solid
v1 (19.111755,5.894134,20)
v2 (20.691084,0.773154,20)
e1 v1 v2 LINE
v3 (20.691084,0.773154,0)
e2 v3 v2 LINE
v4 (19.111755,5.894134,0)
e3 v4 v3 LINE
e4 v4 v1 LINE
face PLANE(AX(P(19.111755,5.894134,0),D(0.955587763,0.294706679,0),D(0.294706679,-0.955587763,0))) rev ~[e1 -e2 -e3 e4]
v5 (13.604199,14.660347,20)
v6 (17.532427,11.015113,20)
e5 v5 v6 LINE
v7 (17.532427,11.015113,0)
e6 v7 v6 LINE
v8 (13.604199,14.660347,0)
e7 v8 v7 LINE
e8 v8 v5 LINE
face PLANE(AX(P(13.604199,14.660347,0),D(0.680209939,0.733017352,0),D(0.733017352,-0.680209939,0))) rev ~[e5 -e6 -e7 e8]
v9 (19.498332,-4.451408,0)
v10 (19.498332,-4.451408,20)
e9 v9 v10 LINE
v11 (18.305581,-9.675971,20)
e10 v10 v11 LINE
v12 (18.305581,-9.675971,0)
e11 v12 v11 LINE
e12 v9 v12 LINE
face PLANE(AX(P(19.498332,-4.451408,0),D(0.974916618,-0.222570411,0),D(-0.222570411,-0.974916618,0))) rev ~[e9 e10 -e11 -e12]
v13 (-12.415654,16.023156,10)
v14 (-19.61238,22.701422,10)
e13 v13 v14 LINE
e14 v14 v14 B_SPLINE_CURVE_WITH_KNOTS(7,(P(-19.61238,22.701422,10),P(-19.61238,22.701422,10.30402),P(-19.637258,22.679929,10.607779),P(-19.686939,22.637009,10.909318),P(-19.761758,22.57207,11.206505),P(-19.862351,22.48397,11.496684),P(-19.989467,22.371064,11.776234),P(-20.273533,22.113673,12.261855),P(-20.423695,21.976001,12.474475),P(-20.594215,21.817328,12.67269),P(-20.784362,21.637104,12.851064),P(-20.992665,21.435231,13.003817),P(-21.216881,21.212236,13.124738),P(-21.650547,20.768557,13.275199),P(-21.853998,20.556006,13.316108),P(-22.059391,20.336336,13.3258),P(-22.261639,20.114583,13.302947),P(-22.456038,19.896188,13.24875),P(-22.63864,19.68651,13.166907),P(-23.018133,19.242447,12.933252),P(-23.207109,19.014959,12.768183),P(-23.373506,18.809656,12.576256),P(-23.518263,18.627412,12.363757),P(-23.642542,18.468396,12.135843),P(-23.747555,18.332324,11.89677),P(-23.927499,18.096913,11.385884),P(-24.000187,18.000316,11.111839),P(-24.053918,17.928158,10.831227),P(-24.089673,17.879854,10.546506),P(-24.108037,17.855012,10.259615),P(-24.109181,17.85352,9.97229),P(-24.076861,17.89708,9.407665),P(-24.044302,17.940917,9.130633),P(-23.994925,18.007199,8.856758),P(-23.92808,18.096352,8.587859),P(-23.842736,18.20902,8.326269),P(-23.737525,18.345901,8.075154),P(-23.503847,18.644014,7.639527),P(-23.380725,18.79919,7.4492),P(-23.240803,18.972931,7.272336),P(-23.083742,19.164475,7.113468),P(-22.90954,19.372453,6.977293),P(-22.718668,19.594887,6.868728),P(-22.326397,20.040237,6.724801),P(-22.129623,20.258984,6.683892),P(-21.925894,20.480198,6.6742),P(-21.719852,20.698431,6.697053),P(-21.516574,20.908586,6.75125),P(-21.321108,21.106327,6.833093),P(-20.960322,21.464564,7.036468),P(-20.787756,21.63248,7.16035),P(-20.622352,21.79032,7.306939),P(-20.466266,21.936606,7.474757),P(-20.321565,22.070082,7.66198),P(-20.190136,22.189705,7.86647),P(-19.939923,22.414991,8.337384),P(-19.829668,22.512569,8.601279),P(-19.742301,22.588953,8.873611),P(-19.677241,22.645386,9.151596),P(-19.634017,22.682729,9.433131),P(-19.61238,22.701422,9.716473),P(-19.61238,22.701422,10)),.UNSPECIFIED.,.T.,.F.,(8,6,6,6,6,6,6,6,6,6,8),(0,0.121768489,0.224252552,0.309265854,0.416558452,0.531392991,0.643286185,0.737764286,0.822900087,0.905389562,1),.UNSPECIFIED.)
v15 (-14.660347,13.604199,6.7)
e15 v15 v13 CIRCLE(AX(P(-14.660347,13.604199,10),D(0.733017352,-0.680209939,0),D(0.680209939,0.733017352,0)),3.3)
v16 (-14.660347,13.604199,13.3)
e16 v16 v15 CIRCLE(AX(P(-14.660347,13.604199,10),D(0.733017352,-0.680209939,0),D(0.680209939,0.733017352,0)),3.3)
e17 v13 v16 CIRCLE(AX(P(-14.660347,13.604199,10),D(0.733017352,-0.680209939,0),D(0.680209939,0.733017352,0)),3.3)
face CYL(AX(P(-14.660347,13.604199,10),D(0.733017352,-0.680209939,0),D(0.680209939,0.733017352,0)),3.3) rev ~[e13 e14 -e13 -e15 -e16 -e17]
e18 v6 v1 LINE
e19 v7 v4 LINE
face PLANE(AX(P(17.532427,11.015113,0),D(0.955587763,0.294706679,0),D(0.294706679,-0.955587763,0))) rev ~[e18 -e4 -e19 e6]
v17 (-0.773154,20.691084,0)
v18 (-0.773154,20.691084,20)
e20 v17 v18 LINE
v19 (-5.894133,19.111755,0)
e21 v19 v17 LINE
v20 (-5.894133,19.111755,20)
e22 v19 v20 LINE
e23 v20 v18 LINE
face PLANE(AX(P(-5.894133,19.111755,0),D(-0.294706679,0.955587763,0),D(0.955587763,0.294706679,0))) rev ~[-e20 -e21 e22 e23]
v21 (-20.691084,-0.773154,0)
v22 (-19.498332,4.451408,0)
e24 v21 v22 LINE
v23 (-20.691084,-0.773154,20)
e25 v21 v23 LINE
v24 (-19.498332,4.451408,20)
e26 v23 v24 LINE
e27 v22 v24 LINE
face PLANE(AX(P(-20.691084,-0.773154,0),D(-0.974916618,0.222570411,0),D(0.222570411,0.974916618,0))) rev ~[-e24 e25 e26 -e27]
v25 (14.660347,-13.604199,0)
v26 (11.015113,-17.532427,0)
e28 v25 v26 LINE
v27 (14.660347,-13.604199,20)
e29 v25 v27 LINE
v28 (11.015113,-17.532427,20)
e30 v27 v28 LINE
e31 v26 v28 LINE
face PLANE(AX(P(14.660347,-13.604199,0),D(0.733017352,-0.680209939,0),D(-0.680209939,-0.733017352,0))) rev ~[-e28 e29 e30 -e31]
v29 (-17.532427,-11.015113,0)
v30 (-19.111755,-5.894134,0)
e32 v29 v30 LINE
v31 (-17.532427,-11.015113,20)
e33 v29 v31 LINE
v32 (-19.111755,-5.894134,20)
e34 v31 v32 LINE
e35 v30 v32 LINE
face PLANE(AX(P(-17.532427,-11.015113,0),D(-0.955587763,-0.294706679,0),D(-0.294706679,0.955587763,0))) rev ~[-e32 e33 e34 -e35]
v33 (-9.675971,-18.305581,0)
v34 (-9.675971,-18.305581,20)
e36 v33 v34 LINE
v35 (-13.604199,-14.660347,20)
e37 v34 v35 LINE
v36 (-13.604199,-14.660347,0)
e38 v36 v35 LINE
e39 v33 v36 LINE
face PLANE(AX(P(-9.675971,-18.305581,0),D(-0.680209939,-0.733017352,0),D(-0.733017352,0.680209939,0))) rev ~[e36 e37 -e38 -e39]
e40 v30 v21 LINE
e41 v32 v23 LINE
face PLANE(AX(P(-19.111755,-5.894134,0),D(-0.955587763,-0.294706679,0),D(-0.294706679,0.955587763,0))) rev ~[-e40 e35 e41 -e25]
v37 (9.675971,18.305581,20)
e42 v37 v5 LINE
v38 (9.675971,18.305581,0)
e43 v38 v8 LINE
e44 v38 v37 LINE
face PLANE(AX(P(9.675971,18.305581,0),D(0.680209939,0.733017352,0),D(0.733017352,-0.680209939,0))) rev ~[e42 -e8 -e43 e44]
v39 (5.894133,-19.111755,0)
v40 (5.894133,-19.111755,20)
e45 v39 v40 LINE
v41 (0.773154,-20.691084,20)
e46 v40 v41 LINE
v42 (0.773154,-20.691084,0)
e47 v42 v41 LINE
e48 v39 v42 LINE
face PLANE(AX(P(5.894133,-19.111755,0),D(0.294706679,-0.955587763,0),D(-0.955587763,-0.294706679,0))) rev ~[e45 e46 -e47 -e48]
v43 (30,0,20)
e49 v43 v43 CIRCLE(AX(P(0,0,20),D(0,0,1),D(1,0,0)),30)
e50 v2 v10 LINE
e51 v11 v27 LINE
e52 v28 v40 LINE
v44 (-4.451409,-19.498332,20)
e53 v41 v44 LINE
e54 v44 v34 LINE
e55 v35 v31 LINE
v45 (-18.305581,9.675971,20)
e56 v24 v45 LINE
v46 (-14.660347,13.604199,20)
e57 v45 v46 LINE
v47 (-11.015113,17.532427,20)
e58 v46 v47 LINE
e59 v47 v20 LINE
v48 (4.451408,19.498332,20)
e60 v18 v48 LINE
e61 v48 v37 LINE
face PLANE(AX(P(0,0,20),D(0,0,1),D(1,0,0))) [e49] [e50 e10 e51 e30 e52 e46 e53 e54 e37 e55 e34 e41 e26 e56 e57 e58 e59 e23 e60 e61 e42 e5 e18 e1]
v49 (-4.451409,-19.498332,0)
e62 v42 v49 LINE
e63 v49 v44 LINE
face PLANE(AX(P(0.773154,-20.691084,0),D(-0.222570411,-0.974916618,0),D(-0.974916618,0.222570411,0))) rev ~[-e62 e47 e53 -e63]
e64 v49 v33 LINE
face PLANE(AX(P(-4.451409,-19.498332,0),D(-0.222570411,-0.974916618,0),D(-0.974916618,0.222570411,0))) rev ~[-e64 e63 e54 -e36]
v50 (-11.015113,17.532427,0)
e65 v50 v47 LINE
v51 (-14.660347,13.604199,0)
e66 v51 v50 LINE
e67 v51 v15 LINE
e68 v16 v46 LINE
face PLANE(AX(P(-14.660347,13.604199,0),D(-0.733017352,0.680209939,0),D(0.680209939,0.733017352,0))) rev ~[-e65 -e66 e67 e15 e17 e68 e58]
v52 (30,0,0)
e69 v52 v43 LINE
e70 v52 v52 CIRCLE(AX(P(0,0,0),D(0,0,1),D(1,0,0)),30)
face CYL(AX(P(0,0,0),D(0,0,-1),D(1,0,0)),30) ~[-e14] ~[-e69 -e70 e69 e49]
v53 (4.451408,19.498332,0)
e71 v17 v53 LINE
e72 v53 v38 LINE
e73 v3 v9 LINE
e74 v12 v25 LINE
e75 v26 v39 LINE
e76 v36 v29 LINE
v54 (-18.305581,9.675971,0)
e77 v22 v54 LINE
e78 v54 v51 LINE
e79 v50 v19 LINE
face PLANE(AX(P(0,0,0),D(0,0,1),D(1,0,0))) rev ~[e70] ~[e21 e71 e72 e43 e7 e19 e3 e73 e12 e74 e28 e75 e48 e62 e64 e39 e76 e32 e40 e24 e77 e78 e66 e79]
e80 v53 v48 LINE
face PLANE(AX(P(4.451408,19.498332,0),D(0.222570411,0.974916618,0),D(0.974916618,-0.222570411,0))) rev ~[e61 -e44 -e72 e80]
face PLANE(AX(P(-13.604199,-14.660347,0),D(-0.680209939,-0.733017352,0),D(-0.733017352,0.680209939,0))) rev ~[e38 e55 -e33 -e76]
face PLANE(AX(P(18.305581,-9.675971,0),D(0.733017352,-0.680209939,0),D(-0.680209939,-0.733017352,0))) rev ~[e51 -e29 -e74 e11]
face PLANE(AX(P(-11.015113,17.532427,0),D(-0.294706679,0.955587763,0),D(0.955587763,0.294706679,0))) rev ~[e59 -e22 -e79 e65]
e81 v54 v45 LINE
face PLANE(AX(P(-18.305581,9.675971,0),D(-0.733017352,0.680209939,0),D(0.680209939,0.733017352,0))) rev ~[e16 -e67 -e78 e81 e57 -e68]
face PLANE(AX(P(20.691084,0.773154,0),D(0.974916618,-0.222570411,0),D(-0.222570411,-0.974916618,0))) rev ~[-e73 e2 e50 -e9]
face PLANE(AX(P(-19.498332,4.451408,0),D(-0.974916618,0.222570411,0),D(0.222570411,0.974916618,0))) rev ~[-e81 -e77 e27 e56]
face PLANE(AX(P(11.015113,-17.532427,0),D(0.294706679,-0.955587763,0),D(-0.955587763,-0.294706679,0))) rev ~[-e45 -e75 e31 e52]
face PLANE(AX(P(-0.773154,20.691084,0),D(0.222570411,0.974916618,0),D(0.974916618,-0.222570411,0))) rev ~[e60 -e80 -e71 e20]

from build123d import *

# Parameters (mm, degrees)
F0_R     = 30
F1_DEPTH = 20
F3_D     = 6.6
F3_DEPTH = 20
F3_TIP   = 1.9828400428


with BuildPart() as f1:
    # F0 (on Top) → F1 (new body)
    with BuildSketch(Plane.XY):
        Circle(F0_R)
        Polygon((17.5324269332, 11.015112969), (19.1117552211, 5.8941337251), (20.6910835987, 0.7731541901), (19.4983323191, -4.4514084034), (18.3055811234, -9.6759706297), (14.6603470745, -13.6041987509), (11.015112969, -17.5324269332), (5.8941334188, -19.1117553155), (0.7731541901, -20.6910835987), (-4.4514085974, -19.4983322748), (-9.6759706297, -18.3055811234), (-13.6041987509, -14.6603470745), (-17.5324269332, -11.015112969), (-19.1117552211, -5.8941337251), (-20.6910835987, -0.7731541901), (-19.4983323191, 4.4514084034), (-18.3055811234, 9.6759706297), (-14.6603472228, 13.6041985911), (-11.015112969, 17.5324269332), (-5.8941334188, 19.1117553155), (-0.7731541901, 20.6910835987), (4.4514080895, 19.4983323908), (9.6759706297, 18.3055811234), (13.6041987509, 14.6603470745), align=None, mode=Mode.SUBTRACT)
    extrude(amount=F1_DEPTH)

    # F3 (one way)
    with BuildSketch(Plane(origin=(-14.6603470462, 13.6041987814, 0), x_dir=(0.6802099391, 0.7330173523, 0), z_dir=(0.7330173523, -0.6802099391, 0))):
        with Locations((0, 10)):
            Circle(F3_D / 2)
    extrude(amount=-F3_DEPTH, mode=Mode.SUBTRACT)
    with Locations(Plane(origin=(-14.6603470462, 13.6041987814, 0), x_dir=(0.6802099391, 0.7330173523, 0), z_dir=(0.7330173523, -0.6802099391, 0))):
        with Locations((0, 10)):
            with Locations((0, 0, -(F3_DEPTH + F3_TIP / 2))):  # 118° drill point
                Cone(0, F3_D / 2, F3_TIP, mode=Mode.SUBTRACT)


solid = f1.part
